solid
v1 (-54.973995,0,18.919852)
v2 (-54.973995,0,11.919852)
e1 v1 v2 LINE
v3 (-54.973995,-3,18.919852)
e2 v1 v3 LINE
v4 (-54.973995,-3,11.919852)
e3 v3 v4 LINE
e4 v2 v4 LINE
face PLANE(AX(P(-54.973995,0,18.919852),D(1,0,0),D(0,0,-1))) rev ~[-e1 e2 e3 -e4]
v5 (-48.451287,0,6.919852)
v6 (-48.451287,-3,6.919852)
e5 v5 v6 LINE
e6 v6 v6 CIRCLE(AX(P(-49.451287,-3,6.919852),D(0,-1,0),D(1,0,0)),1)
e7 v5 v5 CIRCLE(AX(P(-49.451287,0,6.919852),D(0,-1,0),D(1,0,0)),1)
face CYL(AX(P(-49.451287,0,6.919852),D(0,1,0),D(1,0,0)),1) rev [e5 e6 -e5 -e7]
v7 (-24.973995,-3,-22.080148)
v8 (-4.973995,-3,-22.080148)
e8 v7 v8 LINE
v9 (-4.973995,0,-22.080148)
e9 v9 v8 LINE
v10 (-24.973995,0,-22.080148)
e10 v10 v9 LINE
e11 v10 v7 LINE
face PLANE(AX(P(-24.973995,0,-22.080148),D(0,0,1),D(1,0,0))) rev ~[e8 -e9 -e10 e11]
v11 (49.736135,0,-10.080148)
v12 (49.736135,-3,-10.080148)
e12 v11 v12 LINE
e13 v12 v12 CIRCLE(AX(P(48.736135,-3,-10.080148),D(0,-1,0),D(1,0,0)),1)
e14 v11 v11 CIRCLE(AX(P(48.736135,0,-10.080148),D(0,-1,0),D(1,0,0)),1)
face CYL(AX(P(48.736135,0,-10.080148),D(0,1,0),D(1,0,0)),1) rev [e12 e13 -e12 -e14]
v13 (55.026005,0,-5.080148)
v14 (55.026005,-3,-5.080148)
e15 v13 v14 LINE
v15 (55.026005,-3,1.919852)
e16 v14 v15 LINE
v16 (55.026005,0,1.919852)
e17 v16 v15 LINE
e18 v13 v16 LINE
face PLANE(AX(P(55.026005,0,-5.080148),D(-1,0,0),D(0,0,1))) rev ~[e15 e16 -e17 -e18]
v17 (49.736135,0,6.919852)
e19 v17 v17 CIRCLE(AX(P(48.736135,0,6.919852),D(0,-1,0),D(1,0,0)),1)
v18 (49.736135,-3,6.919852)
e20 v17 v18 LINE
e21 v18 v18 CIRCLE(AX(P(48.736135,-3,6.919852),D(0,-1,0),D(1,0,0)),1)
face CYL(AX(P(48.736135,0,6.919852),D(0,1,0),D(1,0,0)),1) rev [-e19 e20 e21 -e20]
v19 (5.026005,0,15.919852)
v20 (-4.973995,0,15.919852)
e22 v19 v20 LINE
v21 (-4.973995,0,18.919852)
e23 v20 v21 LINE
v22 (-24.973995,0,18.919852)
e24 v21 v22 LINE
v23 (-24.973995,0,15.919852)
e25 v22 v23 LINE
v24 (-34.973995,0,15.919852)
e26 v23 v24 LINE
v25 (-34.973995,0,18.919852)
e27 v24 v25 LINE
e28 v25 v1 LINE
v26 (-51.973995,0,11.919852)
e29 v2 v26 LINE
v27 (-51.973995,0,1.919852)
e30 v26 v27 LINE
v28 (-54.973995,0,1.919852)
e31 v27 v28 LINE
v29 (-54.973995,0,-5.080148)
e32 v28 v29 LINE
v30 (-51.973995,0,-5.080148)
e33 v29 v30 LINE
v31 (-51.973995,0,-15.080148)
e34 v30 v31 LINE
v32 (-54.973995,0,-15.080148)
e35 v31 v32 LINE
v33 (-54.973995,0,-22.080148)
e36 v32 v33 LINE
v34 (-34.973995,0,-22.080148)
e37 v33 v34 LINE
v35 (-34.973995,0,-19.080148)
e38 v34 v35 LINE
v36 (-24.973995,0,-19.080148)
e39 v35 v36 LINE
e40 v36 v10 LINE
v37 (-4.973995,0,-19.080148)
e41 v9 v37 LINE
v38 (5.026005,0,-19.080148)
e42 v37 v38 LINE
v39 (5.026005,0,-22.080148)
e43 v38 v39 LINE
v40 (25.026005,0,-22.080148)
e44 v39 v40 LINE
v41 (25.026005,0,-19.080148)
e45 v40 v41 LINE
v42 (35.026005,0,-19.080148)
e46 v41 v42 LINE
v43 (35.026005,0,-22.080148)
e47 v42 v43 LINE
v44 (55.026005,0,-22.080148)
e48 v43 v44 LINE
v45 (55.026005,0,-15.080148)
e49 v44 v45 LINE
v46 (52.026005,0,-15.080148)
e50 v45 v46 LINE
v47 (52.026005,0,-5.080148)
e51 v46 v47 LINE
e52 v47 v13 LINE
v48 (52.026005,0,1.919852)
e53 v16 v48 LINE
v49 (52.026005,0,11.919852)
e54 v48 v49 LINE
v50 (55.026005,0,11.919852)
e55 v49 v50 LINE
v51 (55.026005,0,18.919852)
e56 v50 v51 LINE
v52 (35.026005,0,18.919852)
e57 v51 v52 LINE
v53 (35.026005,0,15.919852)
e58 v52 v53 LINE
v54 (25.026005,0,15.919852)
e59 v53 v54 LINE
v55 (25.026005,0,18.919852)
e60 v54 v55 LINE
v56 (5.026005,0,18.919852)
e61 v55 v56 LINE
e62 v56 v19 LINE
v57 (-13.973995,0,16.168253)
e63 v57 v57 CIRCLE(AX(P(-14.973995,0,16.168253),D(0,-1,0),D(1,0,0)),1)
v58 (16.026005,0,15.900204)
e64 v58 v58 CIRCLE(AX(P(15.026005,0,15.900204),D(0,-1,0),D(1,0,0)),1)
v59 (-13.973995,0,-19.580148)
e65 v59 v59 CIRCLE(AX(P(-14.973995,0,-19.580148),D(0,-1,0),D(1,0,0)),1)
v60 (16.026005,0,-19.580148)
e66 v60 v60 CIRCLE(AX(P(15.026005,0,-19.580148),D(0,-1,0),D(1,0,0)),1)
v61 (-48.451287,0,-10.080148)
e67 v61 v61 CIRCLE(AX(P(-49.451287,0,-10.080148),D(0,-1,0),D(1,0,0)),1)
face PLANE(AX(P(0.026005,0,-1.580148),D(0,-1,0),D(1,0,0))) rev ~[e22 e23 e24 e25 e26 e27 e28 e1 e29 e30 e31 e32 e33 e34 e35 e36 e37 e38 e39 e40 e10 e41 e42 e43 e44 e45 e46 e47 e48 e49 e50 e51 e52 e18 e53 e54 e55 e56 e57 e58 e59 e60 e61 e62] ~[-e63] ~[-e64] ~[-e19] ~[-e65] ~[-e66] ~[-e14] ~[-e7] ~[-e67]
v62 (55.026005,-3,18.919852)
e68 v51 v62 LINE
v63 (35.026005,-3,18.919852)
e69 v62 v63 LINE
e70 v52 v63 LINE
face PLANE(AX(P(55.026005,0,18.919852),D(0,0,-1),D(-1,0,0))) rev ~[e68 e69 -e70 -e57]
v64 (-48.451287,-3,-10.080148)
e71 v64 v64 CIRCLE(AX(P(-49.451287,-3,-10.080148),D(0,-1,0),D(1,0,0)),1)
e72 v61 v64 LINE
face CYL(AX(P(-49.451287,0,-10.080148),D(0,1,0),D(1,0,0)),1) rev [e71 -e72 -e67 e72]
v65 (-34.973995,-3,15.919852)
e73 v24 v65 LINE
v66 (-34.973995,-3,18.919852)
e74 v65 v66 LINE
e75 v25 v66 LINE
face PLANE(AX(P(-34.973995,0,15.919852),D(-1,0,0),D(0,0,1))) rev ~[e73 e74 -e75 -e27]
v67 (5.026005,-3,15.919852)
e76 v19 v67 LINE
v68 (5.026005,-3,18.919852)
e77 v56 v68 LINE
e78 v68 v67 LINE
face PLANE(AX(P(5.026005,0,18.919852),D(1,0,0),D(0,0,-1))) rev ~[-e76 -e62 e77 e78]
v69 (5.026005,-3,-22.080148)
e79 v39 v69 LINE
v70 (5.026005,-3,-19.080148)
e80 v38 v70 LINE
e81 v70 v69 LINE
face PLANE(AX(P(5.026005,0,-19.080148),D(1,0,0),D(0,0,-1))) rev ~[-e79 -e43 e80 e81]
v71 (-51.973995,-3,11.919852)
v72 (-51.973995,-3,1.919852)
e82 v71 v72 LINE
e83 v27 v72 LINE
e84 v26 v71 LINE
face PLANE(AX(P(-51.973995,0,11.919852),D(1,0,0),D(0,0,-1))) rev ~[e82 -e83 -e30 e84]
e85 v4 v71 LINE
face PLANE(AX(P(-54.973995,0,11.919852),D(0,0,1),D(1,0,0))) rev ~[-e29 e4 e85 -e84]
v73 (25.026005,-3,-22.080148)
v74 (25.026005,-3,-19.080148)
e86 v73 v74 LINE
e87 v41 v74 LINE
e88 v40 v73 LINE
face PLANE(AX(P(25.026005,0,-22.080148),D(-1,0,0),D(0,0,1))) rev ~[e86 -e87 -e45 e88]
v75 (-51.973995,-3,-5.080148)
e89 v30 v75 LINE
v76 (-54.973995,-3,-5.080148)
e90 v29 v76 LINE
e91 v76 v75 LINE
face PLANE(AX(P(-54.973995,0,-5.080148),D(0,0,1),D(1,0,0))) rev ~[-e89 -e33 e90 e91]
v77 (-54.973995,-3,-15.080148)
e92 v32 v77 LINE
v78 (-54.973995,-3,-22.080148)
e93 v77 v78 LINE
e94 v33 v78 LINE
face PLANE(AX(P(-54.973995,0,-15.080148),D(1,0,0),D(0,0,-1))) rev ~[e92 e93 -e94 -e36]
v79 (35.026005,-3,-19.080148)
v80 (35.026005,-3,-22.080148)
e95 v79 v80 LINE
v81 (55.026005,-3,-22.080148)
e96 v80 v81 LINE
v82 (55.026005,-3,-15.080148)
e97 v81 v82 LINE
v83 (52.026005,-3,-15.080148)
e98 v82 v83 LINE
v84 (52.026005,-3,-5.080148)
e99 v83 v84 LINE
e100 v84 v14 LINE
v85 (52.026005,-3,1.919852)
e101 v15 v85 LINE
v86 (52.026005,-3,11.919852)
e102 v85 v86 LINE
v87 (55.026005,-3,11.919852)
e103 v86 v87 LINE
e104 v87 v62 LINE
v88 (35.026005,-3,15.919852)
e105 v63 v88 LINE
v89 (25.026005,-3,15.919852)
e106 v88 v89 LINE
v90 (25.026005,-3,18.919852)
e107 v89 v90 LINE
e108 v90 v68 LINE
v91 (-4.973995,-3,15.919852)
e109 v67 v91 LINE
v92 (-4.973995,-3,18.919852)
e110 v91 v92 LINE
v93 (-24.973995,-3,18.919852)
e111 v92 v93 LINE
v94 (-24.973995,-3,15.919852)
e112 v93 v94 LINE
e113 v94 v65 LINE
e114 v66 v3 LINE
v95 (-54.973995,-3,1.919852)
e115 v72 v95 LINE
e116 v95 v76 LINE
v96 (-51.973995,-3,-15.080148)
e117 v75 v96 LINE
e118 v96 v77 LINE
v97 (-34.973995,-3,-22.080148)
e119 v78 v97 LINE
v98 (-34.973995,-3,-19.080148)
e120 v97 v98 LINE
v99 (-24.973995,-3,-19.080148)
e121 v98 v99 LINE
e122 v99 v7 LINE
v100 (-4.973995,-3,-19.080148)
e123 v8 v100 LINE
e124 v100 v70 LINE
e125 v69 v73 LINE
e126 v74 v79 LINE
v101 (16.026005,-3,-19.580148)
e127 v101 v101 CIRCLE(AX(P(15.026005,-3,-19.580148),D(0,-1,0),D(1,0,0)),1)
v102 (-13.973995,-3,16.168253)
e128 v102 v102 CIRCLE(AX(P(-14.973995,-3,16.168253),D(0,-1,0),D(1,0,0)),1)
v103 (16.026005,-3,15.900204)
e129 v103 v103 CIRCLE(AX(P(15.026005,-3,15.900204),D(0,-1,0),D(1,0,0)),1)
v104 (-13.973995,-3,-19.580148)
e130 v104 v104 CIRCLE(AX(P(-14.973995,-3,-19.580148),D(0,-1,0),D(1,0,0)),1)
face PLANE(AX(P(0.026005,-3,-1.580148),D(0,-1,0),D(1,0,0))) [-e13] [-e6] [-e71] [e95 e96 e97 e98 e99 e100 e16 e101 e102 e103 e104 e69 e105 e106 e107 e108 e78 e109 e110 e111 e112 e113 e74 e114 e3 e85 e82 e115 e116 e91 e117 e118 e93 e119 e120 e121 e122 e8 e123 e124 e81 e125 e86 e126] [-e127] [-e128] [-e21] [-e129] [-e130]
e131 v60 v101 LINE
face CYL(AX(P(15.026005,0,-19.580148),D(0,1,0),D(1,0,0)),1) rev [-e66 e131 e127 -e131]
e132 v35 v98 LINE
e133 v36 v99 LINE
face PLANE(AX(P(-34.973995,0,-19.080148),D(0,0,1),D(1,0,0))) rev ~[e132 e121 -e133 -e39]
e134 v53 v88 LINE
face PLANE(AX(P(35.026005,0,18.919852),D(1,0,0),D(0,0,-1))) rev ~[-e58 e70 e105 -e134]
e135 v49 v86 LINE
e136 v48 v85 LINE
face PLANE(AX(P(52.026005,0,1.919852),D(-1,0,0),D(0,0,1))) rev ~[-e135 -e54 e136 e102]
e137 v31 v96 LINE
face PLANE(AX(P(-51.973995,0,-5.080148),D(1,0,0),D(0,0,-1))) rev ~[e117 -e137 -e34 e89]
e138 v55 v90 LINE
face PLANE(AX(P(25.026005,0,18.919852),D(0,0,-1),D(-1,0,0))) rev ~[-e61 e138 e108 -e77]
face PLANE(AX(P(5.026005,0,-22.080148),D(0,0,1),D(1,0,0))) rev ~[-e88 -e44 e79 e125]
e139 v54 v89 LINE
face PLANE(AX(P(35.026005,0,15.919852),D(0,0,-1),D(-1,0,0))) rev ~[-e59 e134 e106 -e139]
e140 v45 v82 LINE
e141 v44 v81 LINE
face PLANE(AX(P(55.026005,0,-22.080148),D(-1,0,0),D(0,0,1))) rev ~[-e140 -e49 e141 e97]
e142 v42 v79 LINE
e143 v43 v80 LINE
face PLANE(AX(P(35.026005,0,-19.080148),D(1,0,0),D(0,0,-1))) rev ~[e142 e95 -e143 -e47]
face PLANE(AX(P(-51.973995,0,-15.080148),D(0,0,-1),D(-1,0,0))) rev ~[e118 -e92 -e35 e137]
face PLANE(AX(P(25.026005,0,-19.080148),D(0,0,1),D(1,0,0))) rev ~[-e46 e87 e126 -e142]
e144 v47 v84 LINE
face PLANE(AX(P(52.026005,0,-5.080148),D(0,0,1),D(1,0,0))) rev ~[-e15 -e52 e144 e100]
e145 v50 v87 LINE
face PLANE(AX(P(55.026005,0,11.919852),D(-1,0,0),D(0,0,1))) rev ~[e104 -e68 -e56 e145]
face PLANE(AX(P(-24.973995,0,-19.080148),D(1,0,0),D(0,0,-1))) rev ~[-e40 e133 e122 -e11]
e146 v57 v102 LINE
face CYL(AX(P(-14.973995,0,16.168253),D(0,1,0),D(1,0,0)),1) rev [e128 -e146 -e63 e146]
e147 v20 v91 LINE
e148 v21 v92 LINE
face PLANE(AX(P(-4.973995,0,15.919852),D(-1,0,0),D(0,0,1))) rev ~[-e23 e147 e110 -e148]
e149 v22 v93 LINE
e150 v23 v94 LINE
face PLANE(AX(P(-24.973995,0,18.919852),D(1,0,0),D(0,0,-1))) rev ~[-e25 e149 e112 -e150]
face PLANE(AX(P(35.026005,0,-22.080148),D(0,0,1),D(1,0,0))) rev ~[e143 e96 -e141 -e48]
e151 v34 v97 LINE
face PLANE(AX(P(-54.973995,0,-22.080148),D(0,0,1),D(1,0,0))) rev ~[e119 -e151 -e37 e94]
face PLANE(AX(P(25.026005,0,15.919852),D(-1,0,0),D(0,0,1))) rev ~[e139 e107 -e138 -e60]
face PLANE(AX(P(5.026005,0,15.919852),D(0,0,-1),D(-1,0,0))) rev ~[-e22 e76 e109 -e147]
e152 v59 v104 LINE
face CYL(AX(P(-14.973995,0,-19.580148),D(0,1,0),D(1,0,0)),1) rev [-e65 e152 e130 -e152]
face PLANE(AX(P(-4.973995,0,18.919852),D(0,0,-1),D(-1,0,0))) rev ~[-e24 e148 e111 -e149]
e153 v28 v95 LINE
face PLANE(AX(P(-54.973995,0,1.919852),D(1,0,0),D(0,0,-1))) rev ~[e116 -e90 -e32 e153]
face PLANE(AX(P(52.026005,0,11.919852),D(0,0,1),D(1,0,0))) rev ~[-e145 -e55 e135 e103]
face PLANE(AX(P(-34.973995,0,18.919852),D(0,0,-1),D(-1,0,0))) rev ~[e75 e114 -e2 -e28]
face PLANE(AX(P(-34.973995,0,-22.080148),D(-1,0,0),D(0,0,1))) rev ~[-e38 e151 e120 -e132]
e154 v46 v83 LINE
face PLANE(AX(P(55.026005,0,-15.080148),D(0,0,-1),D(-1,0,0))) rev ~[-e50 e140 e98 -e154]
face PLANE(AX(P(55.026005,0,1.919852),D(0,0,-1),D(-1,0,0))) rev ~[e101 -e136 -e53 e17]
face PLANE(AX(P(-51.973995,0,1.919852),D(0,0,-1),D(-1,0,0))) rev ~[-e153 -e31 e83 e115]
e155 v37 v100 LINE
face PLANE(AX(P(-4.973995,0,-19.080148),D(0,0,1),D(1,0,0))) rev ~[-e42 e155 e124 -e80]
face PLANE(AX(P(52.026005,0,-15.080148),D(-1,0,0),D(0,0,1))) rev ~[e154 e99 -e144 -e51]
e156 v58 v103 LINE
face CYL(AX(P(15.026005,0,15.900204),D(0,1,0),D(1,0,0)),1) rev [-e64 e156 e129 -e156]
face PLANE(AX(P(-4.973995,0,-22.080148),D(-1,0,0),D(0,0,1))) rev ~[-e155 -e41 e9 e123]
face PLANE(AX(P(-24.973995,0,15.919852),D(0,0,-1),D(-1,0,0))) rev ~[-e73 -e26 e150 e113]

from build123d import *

# Parameters (mm, degrees)
F0_R     = 1
F1_DEPTH = 3


with BuildPart() as f1:
    # F0 (on Front) → F1 (new body)
    with BuildSketch(Plane.XZ):
        Polygon((-51.973995, 1.919852), (-54.973995, 1.919852), (-54.973995, -1.580148), (-54.973995, -5.080148), (-51.973995, -5.080148), (-51.973995, -15.080148), (-54.973995, -15.080148), (-54.973995, -22.080148), (-34.973995, -22.080148), (-34.973995, -19.080148), (-24.973995, -19.080148), (-24.973995, -22.080148), (-4.973995, -22.080148), (-4.973995, -19.080148), (0.026005, -19.080148), (5.026005, -19.080148), (5.026005, -22.080148), (25.026005, -22.080148), (25.026005, -19.080148), (35.026005, -19.080148), (35.026005, -22.080148), (55.026005, -22.080148), (55.026005, -15.080148), (52.026005, -15.080148), (52.026005, -5.080148), (55.026005, -5.080148), (55.026005, -1.580148), (55.026005, 1.919852), (52.026005, 1.919852), (52.026005, 11.919852), (55.026005, 11.919852), (55.026005, 18.919852), (35.026005, 18.919852), (35.026005, 15.919852), (25.026005, 15.919852), (25.026005, 18.919852), (5.026005, 18.919852), (5.026005, 15.919852), (0.026005, 15.919852), (-4.973995, 15.919852), (-4.973995, 18.919852), (-24.973995, 18.919852), (-24.973995, 15.919852), (-34.973995, 15.919852), (-34.973995, 18.919852), (-54.973995, 18.919852), (-54.973995, 11.919852), (-51.973995, 11.919852), align=None)
        with Locations((-14.973995, -19.580148)):
            Circle(F0_R, mode=Mode.SUBTRACT)
        with Locations((-49.451287, -10.080148)):
            Circle(F0_R, mode=Mode.SUBTRACT)
        with Locations((15.026005, -19.580148)):
            Circle(F0_R, mode=Mode.SUBTRACT)
        with Locations((48.736135, -10.080148)):
            Circle(F0_R, mode=Mode.SUBTRACT)
        with Locations((-49.451287, 6.919852)):
            Circle(F0_R, mode=Mode.SUBTRACT)
        with Locations((-14.973995, 16.168253)):
            Circle(F0_R, mode=Mode.SUBTRACT)
        with Locations((48.736135, 6.919852)):
            Circle(F0_R, mode=Mode.SUBTRACT)
        with Locations((15.026005, 15.900204)):
            Circle(F0_R, mode=Mode.SUBTRACT)
    extrude(amount=F1_DEPTH)


solid = f1.part
